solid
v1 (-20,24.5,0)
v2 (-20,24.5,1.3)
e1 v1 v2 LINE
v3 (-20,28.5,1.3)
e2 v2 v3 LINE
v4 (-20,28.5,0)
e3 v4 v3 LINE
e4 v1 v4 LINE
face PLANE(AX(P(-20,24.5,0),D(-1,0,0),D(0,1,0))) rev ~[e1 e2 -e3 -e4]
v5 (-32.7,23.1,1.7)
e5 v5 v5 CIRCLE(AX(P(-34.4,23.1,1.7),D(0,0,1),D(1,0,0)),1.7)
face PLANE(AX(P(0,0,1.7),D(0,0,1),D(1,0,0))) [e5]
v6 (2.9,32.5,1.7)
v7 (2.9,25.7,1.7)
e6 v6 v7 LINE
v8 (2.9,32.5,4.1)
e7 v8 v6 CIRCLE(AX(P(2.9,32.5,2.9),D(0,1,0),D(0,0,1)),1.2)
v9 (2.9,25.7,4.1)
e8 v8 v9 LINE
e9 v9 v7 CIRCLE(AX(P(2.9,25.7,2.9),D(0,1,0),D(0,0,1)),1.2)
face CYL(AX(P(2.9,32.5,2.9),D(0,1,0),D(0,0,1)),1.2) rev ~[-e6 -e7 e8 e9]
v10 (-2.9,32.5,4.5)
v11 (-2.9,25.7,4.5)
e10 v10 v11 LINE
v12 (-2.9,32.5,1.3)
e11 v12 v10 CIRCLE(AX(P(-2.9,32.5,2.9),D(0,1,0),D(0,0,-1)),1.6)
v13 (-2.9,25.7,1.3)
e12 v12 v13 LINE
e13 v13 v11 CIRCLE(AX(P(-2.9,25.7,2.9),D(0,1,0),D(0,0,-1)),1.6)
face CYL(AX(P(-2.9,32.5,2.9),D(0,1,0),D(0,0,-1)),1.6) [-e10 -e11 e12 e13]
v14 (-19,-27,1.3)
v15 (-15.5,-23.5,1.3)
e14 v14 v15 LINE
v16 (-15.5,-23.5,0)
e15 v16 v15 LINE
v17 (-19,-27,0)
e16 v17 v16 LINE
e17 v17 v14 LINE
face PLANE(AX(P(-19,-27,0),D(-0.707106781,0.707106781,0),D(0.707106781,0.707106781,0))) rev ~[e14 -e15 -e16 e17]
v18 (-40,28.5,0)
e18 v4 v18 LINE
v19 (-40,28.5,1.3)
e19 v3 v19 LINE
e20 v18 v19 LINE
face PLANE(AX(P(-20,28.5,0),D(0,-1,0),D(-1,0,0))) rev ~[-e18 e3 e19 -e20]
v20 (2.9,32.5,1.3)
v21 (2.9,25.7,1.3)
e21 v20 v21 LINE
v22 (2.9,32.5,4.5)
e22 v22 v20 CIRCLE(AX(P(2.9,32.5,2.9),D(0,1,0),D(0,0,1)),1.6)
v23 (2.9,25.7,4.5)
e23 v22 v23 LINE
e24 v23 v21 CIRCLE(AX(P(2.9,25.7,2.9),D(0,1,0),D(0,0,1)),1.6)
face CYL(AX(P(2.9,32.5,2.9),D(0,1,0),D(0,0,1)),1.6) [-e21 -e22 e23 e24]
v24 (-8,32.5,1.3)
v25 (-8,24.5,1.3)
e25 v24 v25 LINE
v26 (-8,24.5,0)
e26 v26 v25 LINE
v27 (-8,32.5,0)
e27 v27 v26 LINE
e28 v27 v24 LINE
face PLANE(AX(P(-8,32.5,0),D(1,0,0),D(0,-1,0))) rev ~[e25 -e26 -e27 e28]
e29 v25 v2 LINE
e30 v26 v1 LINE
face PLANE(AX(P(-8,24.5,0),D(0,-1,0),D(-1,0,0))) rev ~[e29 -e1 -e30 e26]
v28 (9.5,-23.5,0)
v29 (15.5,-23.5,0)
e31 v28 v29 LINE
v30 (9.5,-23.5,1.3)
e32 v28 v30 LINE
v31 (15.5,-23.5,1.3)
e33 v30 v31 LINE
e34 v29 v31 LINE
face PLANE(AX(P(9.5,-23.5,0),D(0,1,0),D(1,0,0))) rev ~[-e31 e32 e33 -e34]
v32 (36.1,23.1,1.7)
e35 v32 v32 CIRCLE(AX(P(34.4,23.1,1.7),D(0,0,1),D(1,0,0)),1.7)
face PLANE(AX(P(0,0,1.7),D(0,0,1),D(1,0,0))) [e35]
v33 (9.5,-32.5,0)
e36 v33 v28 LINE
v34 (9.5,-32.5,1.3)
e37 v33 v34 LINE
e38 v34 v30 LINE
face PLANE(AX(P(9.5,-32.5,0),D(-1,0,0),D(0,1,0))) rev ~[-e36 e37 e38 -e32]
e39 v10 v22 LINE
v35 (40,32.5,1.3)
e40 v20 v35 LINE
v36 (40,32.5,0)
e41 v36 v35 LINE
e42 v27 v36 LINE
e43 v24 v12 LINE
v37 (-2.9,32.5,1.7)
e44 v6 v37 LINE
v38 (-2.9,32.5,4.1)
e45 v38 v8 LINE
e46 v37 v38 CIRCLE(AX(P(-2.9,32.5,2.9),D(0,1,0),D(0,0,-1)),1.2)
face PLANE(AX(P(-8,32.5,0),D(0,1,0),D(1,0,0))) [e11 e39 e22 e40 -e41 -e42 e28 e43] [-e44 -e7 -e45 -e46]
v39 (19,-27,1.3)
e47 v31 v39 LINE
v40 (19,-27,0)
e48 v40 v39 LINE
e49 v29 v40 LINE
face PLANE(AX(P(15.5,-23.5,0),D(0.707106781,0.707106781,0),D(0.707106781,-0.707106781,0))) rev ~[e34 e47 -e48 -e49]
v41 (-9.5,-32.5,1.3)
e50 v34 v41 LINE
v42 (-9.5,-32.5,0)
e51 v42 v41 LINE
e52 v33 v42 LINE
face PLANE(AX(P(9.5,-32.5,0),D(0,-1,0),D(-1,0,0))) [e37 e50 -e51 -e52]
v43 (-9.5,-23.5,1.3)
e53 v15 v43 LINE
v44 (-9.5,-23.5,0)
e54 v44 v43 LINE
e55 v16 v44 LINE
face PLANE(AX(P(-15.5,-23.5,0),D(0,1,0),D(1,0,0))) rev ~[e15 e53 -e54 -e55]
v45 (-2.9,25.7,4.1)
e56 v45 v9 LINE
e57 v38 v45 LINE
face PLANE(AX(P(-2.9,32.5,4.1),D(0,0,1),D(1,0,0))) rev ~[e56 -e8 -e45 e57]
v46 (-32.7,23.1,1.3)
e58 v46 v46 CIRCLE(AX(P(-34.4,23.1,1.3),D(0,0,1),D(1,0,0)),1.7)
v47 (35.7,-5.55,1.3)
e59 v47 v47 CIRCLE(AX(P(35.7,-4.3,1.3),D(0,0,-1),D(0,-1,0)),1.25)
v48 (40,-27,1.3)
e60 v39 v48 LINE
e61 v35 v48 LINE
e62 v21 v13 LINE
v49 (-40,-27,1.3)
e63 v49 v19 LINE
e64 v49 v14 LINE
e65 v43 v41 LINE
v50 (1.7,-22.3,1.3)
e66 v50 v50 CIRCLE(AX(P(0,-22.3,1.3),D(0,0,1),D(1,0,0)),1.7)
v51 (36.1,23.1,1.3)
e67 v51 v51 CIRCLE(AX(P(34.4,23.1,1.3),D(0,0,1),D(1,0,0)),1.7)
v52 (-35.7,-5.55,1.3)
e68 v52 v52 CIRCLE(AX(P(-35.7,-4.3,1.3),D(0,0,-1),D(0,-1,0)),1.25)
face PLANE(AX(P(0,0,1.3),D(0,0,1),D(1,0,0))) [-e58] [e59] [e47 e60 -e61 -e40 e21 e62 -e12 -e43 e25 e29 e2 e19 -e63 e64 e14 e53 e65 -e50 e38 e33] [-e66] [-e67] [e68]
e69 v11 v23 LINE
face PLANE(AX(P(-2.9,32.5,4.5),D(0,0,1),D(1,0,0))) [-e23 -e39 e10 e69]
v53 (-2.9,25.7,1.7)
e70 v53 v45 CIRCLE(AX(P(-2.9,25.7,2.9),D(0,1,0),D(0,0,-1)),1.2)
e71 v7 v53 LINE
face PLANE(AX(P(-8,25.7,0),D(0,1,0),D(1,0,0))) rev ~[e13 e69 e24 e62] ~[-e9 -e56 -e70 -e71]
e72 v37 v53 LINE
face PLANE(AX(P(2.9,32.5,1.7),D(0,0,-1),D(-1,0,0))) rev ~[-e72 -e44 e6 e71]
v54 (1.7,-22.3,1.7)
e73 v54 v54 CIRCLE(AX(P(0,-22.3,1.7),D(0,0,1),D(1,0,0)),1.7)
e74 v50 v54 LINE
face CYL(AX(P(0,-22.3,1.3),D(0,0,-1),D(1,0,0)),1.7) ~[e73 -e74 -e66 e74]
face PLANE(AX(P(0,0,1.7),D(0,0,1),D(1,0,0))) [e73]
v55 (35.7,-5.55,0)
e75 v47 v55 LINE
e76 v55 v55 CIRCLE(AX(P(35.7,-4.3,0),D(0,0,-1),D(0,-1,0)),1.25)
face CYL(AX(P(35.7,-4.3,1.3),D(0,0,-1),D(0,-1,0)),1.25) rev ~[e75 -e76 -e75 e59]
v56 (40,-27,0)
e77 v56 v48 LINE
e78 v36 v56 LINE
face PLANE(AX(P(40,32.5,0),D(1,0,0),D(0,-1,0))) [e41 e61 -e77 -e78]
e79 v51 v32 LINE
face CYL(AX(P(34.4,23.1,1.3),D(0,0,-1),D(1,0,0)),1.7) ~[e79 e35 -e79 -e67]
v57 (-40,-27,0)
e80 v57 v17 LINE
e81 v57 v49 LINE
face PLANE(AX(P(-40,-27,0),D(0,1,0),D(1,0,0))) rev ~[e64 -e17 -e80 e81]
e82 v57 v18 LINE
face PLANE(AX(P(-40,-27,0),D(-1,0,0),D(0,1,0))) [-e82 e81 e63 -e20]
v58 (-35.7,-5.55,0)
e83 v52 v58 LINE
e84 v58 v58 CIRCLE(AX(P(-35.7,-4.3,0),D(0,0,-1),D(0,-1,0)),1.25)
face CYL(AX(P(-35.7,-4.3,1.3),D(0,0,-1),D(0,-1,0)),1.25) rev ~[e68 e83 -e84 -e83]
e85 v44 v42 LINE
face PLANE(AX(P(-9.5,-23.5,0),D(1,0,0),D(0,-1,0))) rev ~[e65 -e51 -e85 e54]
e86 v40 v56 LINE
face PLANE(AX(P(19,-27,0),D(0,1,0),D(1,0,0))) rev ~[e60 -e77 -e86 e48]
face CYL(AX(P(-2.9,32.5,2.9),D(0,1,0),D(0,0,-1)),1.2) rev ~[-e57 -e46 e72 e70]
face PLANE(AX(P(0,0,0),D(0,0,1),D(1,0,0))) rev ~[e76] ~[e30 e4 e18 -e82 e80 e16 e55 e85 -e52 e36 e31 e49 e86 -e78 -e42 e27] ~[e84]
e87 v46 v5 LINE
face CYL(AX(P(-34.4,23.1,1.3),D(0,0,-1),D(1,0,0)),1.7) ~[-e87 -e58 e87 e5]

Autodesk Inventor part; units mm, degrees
ref_plane "YZ Plane" through (0, 0, 0) normal (1, 0, 0) x (0, 1, 0)
ref_plane "XZ Plane" through (0, 0, 0) normal (0, 1, 0) x (-1, 0, 0)
ref_plane "XY Plane" through (0, 0, 0) normal (0, 0, 1) x (1, 0, 0)
sketch "Sketch1" plane through (0, 0, 0) normal (0, 0, 1) x (1, 0, 0)
  line L0 (-40, 32.5) -> (40, 32.5)
  line L1 (40, 32.5) -> (40, -32.5)
  line L2 (40, -32.5) -> (-40, -32.5)
  line L3 (-40, -32.5) -> (-40, 32.5)
  line L4 (-40, 32.5) -> (40, -32.5) construction
  line L5 (40, 32.5) -> (-40, -32.5) construction
  line L6 (-8, 32.5) -> (-8, 24.5)
  line L7 (-8, 24.5) -> (-20, 24.5)
  line L8 (-20, 24.5) -> (-20, 28.5)
  line L9 (-20, 28.5) -> (-40, 28.5)
  line L10 (-40, -27) -> (-19, -27)
  line L11 (-19, -27) -> (-15.5, -23.5)
  line L12 (-15.5, -23.5) -> (-9.5, -23.5)
  line L13 (-9.5, -23.5) -> (-9.5, -32.5)
  line L14 (9.5, -32.5) -> (9.5, -23.5)
  line L15 (9.5, -23.5) -> (15.5, -23.5)
  line L16 (15.5, -23.5) -> (19, -27)
  line L17 (19, -27) -> (40, -27)
  point P0 (0, 0)
  dimension "d0" = 80
  dimension "d1" = 65
  dimension "d2" = 19
  dimension "d3" = 45
  dimension "d4" = 9
  dimension "d5" = 3.5
  dimension "d6" = 6
  dimension "d7" = 45
  dimension "d8" = 8
  dimension "d9" = 8
  dimension "d10" = 12
  dimension "d11" = 4
extrude "Extrusion1" add sketch "Sketch1" along normal blind 1.3 contours L0 L1 L17 L16 L15 L14 L2 L13 L12 L11 L10 L3 L9 L8 L7 L6
sketch "Sketch2" plane through (0, 0, 1.3) normal (0, 0, 1) x (1, 0, 0)
  line L0 (-35.7, -4.3) -> (35.7, -4.3) construction
  line L1 (-40, -27) -> (-19, -27) projected
  point P0 (0, 0)
  point P1 (0, -4.3)
  dimension "d14" = 71.4
  dimension "d15" = 22.7
hole "Hole1" at (-35.7, -4.3, 1.3) at (35.7, -4.3, 1.3) direction (0, 0, -1) diameter 2.5 end through all
sketch "Sketch4" plane through (-8, 32.5, 0) normal (0, 1, 0) x (1, 0, 0)
  line L0 (10.9, -2.9) -> (5.1, -2.9) construction
  line L1 (10.9, -1.3) -> (5.1, -1.3)
  line L2 (5.1, -4.5) -> (10.9, -4.5)
  arc A0 (10.9, -4.5) -> (10.9, -1.3) centre (10.9, -2.9) ccw
  arc A1 (5.1, -1.3) -> (5.1, -4.5) centre (5.1, -2.9) ccw
  line L3 (48, -1.3) -> (0, -1.3) projected
  line L4 (10.9, -2.9) -> (5.1, -2.9) construction
  line L5 (10.9, -1.7) -> (5.1, -1.7)
  line L6 (5.1, -4.1) -> (10.9, -4.1)
  arc A2 (10.9, -4.1) -> (10.9, -1.7) centre (10.9, -2.9) ccw
  arc A3 (5.1, -1.7) -> (5.1, -4.1) centre (5.1, -2.9) ccw
  point P0 (8, 0)
  point P1 (8, -2.9)
  point P2 (3.5, -2.9)
  point P3 (12.5, -2.9)
  point P4 (8, -2.9)
  dimension "d23" = 3.2
  dimension "d24" = 9
  dimension "d25" = 0.4
extrude "Extrusion2" add sketch "Sketch4" against normal blind 6.8
sketch "Sketch5" plane through (0, 0, 1.3) normal (0, 0, 1) x (1, 0, 0)
  circle A0 centre (-34.4, 23.1) radius 1.7
  circle A1 centre (34.4, 23.1) radius 1.7
  circle A2 centre (0, -22.3) radius 1.7
  line L0 (-34.4, 23.1) -> (34.4, 23.1) construction
  circle A3 centre (35.7, -4.3) radius 1.25 projected
  point P0 (0, 0)
  point P1 (0, 23.1)
  dimension "d28" = 3.4
  dimension "d29" = 68.8
  dimension "d30" = 27.4
  dimension "d31" = 18
extrude "Extrusion3" add sketch "Sketch5" along normal blind 0.4 contours A0 | A1 | A2
equation "\"d7\" = d3"
properties part number "BDM-030"
